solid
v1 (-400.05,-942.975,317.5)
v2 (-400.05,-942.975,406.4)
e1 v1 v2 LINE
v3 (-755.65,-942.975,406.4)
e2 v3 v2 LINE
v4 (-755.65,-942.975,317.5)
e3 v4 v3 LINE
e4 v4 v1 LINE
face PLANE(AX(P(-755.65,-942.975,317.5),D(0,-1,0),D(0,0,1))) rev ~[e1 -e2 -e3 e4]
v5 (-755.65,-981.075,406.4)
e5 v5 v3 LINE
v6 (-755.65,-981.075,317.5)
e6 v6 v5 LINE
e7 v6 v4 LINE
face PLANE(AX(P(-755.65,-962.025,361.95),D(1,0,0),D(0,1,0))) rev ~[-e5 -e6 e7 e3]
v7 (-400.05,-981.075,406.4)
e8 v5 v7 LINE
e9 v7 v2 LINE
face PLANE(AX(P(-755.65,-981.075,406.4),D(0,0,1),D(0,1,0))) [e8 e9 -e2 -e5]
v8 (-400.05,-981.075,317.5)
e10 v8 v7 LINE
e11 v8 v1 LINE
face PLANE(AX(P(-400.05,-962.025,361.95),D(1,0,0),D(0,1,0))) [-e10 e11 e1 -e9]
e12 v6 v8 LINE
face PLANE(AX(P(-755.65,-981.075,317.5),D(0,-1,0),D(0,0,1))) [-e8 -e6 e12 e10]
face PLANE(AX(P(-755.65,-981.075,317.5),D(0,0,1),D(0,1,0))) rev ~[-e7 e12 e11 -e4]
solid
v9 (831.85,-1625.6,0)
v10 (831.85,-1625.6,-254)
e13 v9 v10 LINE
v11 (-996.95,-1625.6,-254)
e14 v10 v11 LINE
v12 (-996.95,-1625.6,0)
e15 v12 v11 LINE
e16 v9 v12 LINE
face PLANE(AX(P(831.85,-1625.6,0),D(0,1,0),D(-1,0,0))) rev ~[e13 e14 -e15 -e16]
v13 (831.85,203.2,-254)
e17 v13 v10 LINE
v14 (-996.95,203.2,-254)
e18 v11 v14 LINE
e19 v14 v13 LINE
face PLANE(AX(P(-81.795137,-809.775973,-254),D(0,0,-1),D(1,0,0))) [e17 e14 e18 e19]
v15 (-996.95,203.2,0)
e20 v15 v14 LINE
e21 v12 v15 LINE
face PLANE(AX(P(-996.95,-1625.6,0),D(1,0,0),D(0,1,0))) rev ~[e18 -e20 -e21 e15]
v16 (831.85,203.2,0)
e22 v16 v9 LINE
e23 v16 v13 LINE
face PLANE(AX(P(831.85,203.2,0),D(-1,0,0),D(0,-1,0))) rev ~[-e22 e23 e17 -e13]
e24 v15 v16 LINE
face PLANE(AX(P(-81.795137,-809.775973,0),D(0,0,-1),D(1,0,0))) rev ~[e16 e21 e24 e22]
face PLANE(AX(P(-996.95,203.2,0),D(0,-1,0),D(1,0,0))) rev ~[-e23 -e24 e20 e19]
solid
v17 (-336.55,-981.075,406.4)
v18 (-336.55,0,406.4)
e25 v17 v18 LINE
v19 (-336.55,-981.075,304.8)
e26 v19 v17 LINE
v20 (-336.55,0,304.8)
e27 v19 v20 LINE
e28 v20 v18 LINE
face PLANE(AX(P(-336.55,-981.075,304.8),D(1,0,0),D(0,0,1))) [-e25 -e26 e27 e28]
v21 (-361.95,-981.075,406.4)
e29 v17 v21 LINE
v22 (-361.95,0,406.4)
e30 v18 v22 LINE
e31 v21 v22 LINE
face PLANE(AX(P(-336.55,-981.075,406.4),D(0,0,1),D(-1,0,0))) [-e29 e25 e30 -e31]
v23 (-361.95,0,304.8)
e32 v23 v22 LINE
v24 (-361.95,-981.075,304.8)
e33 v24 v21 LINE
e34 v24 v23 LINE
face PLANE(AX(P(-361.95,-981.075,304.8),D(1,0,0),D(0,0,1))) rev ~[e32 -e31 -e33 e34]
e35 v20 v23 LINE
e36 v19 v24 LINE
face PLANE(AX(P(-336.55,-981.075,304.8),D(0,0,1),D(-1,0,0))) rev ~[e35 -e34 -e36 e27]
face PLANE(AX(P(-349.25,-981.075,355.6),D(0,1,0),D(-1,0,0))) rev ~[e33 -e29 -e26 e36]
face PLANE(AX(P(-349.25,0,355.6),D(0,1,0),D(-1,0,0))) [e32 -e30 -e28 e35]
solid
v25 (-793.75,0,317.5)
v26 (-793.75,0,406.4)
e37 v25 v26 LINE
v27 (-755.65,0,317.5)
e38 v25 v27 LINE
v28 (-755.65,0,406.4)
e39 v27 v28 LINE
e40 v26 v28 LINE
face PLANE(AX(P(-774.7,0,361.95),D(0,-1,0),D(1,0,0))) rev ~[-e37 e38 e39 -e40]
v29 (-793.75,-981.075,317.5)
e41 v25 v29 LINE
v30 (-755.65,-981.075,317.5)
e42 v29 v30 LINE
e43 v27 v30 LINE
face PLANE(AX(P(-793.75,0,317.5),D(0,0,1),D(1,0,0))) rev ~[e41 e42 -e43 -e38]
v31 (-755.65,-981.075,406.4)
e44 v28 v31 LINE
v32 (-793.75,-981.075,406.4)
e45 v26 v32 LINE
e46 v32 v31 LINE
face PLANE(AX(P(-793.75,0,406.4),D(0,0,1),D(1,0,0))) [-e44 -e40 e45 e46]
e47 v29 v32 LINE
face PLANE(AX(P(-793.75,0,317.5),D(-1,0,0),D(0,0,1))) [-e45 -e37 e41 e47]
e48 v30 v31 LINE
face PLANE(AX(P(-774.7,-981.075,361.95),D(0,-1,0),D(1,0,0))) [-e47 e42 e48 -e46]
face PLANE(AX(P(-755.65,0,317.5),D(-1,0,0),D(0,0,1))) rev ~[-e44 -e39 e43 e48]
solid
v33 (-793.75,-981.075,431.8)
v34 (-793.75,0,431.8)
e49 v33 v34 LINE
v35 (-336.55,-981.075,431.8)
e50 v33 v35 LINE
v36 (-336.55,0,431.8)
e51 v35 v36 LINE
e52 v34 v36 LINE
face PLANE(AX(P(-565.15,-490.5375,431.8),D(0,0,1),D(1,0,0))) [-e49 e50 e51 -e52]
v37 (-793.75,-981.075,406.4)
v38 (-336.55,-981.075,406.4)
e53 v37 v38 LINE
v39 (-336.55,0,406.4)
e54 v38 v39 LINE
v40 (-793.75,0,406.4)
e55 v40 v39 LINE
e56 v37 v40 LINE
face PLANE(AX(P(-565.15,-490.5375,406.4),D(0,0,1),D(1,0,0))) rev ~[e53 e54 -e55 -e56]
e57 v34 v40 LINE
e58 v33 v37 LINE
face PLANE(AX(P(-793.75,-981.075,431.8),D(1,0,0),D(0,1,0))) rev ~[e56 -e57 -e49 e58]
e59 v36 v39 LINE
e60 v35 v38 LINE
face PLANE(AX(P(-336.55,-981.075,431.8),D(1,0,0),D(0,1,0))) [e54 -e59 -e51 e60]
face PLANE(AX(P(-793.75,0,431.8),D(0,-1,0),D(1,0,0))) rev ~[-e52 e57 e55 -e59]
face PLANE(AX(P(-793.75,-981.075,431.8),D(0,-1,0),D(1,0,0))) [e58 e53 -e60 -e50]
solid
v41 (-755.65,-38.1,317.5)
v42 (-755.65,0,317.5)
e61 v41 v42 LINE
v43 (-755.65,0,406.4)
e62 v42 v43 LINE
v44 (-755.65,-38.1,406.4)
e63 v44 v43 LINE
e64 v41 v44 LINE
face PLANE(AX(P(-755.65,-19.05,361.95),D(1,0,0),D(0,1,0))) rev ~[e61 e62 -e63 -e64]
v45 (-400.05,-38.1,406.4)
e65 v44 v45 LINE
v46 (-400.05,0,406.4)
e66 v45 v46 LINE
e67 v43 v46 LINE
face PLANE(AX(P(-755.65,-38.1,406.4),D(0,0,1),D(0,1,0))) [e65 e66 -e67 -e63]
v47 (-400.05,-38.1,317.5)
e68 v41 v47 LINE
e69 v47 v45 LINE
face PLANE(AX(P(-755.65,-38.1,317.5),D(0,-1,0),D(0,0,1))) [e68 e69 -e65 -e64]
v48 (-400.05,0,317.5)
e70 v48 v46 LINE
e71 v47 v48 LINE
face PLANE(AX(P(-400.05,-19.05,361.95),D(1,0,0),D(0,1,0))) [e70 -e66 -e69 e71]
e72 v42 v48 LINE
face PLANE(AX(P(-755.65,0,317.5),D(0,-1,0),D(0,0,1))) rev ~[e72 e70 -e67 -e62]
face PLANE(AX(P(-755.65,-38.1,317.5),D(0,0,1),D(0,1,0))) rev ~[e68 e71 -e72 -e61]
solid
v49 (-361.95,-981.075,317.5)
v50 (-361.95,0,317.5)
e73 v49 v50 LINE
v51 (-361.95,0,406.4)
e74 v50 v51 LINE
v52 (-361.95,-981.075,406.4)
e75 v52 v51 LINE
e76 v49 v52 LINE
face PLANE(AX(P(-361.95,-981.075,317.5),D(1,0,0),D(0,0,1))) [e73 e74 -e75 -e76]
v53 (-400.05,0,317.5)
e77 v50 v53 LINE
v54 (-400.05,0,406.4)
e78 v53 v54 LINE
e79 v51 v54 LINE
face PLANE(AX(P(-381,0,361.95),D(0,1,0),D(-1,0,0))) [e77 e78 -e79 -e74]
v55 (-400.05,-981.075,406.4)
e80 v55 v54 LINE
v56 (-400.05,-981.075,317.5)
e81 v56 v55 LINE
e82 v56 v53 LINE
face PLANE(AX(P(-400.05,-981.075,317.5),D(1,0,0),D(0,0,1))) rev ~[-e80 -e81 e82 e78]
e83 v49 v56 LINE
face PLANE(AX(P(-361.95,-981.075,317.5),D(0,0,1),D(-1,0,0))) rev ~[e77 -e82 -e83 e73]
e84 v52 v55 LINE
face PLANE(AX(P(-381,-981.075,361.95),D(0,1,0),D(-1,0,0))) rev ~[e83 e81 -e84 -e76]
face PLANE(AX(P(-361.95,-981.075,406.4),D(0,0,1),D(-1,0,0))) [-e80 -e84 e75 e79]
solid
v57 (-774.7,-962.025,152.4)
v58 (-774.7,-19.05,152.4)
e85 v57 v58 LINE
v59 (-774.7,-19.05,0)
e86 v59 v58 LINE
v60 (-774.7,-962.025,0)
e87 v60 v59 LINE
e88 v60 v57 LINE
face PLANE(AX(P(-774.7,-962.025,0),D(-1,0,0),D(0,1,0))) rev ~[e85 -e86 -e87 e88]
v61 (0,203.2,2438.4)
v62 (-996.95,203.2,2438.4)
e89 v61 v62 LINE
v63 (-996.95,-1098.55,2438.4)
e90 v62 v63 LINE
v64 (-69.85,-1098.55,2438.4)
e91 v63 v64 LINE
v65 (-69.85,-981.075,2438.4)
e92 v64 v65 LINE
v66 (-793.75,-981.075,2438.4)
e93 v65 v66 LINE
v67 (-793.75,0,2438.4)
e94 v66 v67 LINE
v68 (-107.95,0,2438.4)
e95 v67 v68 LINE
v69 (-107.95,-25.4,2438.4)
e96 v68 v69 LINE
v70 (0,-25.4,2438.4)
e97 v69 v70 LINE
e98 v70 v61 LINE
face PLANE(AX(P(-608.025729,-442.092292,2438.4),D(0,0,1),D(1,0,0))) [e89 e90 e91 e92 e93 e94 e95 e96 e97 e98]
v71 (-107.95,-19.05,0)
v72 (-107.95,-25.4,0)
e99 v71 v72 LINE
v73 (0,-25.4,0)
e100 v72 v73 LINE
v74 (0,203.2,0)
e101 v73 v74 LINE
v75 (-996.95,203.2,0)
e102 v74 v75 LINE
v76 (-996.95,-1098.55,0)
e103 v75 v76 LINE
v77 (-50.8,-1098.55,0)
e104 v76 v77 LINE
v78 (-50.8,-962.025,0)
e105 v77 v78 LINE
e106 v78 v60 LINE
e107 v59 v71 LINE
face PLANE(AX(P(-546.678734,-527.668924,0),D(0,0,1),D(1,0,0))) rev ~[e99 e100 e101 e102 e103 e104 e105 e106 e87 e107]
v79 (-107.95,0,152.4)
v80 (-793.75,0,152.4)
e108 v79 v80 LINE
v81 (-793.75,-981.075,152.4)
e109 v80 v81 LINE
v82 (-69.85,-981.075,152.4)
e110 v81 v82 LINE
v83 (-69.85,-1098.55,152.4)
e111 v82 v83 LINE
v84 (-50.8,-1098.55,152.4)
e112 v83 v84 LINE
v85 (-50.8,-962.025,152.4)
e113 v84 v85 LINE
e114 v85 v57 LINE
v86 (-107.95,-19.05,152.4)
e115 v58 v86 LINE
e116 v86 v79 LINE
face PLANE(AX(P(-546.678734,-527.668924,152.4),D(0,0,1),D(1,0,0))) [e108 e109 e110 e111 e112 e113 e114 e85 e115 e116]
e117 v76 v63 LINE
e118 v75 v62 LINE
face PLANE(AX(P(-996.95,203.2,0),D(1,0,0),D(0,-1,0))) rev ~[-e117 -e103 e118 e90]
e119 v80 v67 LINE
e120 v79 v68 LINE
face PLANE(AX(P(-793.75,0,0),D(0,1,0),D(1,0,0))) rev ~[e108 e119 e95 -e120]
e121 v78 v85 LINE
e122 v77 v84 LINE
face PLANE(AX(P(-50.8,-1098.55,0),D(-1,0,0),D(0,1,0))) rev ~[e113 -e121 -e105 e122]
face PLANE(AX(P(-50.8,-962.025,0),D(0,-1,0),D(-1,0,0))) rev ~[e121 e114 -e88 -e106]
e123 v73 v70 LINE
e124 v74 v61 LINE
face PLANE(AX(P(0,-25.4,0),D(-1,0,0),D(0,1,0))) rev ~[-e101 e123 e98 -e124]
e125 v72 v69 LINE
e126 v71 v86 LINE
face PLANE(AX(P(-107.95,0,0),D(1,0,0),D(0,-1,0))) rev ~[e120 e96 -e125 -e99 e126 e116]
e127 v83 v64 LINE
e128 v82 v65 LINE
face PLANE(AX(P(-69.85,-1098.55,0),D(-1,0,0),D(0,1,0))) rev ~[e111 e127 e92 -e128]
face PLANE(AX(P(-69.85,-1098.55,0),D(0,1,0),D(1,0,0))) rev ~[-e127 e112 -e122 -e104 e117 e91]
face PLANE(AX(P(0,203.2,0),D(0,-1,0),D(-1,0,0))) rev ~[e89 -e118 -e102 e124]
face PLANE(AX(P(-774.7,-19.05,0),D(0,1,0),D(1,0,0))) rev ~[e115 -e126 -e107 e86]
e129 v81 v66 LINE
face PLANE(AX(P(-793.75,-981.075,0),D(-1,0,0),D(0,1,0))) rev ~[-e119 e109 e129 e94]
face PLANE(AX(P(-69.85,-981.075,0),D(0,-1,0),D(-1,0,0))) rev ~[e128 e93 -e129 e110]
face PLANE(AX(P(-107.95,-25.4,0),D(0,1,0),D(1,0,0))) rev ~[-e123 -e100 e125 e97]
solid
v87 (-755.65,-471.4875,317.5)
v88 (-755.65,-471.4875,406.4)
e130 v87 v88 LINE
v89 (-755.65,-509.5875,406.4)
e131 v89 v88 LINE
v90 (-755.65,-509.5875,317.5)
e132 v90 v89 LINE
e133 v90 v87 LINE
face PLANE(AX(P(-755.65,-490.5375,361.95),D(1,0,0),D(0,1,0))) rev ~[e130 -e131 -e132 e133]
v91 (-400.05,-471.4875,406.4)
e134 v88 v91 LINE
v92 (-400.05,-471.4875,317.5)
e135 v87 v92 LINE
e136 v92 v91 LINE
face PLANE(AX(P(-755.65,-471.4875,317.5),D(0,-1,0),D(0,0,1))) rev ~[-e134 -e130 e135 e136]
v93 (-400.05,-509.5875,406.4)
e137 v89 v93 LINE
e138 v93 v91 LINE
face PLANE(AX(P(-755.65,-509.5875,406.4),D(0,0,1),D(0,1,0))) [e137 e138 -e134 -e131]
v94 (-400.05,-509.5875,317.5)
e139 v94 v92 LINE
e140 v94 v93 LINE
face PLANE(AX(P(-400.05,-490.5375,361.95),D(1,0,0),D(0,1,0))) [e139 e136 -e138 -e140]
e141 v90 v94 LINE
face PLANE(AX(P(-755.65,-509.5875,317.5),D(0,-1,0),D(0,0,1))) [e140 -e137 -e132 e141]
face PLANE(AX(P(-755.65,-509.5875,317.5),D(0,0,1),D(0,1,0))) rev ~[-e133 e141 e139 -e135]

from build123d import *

# Parameters (mm, degrees)
F1_DEPTH  = 2438.4
F3_DEPTH  = 254
F5_DEPTH  = 152.4
F7_W      = 457.2
F7_H      = 981.075
F8_DEPTH  = 25.4
F9_W      = 38.1
F9_H      = 88.9
F10_DEPTH = 981.075
F12_W     = 38.1
F12_H     = 88.9
F13_DEPTH = 981.075
F11_W     = 25.4
F11_H     = 101.6
F14_DEPTH = 981.075
F15_W     = 38.1
F15_H     = 88.9
F16_DEPTH = 355.6


with BuildPart() as f1:
    # F0 (on Top) → F1 (new body)
    with BuildSketch(Plane.XY):
        Polygon((-793.75, 0), (-107.95, 0), (-107.95, -25.4), (0, -25.4), (0, 0), (0, 203.2), (-996.95, 203.2), (-996.95, -1098.55), (-69.85, -1098.55), (-69.85, -981.075), (-793.75, -981.075), align=None)
    extrude(amount=F1_DEPTH)

    # F4 (on face) → F5 (join)
    with BuildSketch(Plane.XY):
        Polygon((-793.75, 0), (-793.75, -981.075), (-69.85, -981.075), (-69.85, -1098.55), (-50.8, -1098.55), (-50.8, -962.025), (-774.7, -962.025), (-774.7, -19.05), (-107.95, -19.05), (-107.95, 0), align=None)
    extrude(amount=F5_DEPTH)


with BuildPart() as f3:
    # F2 (on face) → F3 (new body)
    with BuildSketch(Plane(origin=(0, 0, 0), x_dir=(1, 0, 0), z_dir=(0, 0, -1))):
        Polygon((0, 25.4), (0, -203.2), (831.85, -203.2), (831.85, 1625.6), (-996.95, 1625.6), (-996.95, 1098.55), (-69.85, 1098.55), (-69.85, 981.075), (-793.75, 981.075), (-793.75, 0), (-107.95, 0), (-107.95, 25.4), align=None)
        Polygon((-996.95, 1098.55), (-996.95, -203.2), (0, -203.2), (0, 25.4), (-107.95, 25.4), (-107.95, 0), (-793.75, 0), (-793.75, 981.075), (-69.85, 981.075), (-69.85, 1098.55), align=None)
    extrude(amount=F3_DEPTH)


with BuildPart() as f8:
    # F7 (on offset) → F8 (new body)
    with BuildSketch(Plane.XY.offset(431.8)):
        with Locations((-565.15, -490.5375)):
            Rectangle(F7_W, F7_H)
    extrude(amount=-F8_DEPTH)


with BuildPart() as f10:
    # F9 (on face) → F10 (new body, through all)
    with BuildSketch(Plane.XZ):
        with Locations((-774.7, 361.95)):
            Rectangle(F9_W, F9_H)
    extrude(amount=F10_DEPTH)


with BuildPart() as f13:
    # F12 (on face) → F13 (new body, through all)
    with BuildSketch(Plane(origin=(0, -981.075, 0), x_dir=(-1, 0, 0), z_dir=(0, 1, 0))):
        with Locations((381, 361.95)):
            Rectangle(F12_W, F12_H)
    extrude(amount=F13_DEPTH)


with BuildPart() as f14:
    # F11 (on face) → F14 (new body, through all)
    with BuildSketch(Plane(origin=(0, -981.075, 0), x_dir=(-1, 0, 0), z_dir=(0, 1, 0))):
        with Locations((349.25, 355.6)):
            Rectangle(F11_W, F11_H)
    extrude(amount=F14_DEPTH)


with BuildPart() as f16:
    # F15 (on face) → F16 (new body, through all)
    with BuildSketch(Plane.YZ.offset(-755.65)):
        with Locations((-962.025, 361.95)):
            Rectangle(F15_W, F15_H)
    extrude(amount=F16_DEPTH)


with BuildPart() as f16b:
    # F15 (on face) → F16, piece 2 (new body, through all)
    with BuildSketch(Plane.YZ.offset(-755.65)):
        with Locations((-490.5375, 361.95)):
            Rectangle(F15_W, F15_H)
    extrude(amount=F16_DEPTH)


with BuildPart() as f16c:
    # F15 (on face) → F16, piece 3 (new body, through all)
    with BuildSketch(Plane.YZ.offset(-755.65)):
        with Locations((-19.05, 361.95)):
            Rectangle(F15_W, F15_H)
    extrude(amount=F16_DEPTH)


solid = Compound([f1.part, f3.part, f8.part, f10.part, f13.part, f14.part, f16.part, f16b.part, f16c.part])
